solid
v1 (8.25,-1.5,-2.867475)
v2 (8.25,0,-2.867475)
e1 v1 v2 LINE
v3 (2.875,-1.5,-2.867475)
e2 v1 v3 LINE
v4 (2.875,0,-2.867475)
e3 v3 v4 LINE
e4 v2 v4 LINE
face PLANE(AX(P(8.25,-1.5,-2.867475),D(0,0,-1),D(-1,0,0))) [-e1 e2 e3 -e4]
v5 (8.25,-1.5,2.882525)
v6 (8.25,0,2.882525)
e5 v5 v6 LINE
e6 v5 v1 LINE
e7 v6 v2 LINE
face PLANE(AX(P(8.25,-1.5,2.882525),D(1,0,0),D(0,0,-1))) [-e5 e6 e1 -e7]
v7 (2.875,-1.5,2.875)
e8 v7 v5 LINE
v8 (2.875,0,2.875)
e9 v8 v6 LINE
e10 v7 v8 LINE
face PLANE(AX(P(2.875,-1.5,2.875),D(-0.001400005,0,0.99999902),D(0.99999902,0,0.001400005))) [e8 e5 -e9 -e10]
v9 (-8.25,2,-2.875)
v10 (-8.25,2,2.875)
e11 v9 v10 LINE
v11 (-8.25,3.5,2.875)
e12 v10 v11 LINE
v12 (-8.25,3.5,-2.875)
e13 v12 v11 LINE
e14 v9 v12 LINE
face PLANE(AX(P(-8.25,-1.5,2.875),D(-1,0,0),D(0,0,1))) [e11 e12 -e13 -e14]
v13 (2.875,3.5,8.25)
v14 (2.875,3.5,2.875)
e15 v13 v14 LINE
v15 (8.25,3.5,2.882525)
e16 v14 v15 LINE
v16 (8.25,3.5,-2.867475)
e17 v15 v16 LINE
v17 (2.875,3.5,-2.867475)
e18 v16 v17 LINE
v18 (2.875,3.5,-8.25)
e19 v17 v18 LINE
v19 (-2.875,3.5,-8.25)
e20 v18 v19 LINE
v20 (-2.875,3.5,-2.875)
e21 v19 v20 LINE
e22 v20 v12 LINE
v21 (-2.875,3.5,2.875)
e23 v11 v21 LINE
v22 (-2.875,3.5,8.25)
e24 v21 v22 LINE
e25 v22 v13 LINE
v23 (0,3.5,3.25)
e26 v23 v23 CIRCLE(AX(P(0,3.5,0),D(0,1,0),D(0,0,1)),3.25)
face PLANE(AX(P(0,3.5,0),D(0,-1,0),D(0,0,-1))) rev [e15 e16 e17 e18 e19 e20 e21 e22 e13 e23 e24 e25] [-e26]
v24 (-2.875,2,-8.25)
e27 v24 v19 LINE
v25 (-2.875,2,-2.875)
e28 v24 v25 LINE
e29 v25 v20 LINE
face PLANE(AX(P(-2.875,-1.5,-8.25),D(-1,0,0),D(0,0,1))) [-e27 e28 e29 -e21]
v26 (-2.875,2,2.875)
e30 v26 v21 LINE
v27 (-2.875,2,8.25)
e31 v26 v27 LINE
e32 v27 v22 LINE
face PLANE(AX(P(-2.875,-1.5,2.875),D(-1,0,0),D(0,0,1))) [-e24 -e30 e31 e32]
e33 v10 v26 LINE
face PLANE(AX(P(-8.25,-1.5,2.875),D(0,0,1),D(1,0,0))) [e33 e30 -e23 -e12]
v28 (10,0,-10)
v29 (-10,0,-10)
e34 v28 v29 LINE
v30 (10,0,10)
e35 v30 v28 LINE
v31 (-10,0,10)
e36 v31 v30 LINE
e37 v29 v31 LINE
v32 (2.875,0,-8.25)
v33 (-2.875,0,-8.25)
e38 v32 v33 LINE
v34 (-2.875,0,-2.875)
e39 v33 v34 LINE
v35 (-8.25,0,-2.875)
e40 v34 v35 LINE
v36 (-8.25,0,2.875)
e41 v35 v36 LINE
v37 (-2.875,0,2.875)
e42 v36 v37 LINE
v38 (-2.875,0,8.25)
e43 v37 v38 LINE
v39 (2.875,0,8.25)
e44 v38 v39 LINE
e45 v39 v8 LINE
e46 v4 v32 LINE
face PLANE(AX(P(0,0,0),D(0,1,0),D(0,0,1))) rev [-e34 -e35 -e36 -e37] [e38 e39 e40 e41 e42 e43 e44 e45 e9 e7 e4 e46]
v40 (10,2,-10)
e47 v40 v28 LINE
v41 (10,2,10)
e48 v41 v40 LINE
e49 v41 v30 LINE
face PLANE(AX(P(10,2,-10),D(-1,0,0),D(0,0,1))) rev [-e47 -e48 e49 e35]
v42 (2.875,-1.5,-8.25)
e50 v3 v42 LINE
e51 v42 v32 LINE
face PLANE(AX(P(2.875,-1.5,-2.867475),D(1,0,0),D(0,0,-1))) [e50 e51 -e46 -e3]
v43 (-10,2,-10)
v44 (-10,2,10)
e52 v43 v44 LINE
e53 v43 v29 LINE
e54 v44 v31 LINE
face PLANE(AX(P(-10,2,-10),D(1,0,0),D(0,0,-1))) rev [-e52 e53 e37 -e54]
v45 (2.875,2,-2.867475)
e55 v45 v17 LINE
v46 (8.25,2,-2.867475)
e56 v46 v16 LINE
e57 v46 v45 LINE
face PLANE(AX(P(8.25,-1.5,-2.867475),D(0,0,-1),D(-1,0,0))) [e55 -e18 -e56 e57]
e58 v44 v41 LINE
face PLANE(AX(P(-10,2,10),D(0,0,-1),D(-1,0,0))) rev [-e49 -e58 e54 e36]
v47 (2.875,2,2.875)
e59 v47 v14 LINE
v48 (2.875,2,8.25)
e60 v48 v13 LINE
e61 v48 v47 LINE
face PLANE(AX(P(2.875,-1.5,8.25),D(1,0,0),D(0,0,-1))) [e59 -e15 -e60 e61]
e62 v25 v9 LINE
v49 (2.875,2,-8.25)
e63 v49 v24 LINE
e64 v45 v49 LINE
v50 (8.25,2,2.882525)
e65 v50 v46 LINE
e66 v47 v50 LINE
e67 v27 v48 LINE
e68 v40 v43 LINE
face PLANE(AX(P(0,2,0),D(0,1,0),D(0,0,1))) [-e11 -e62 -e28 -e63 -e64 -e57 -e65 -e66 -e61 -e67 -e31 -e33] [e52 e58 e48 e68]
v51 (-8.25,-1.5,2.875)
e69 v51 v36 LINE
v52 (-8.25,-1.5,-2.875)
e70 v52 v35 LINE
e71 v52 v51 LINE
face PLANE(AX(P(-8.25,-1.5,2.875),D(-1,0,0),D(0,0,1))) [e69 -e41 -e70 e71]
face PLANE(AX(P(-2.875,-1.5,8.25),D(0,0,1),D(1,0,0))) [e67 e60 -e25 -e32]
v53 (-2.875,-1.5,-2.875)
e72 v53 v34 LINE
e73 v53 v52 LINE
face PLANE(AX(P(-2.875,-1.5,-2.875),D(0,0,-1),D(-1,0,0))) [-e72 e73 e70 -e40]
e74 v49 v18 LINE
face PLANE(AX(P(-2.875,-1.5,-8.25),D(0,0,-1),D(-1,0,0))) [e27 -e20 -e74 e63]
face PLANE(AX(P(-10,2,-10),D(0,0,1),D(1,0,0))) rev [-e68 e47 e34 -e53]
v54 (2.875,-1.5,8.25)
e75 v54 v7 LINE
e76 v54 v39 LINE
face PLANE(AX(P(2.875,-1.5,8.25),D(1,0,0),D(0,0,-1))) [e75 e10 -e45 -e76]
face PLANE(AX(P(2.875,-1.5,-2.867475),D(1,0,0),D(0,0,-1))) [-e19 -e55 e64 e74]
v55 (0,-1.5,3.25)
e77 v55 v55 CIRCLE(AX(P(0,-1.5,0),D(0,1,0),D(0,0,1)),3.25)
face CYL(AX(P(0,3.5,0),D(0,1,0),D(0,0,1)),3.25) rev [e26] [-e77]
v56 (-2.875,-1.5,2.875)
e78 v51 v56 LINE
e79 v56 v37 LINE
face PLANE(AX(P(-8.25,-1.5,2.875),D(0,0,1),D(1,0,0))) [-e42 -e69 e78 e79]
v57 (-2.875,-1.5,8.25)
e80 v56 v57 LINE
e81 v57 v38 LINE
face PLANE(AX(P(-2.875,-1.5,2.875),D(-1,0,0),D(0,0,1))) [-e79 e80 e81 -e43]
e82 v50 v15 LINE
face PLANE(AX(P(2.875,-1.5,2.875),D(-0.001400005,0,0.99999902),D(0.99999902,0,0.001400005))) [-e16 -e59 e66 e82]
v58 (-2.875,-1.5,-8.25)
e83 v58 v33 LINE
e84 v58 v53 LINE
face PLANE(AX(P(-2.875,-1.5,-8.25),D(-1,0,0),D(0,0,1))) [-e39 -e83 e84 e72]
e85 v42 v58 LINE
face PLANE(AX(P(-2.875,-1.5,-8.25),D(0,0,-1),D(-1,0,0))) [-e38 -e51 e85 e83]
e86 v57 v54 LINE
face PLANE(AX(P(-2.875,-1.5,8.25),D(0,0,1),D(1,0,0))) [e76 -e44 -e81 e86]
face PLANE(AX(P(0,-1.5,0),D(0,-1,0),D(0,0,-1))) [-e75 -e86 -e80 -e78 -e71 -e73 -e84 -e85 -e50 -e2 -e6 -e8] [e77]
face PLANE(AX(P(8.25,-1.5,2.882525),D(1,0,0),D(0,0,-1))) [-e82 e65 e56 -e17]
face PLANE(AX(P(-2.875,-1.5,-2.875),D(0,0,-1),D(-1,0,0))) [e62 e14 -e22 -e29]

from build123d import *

# Parameters (mm, degrees)
SKETCH1_W                      = 20
SKETCH1_H                      = 20
BOSS_EXTRUDE1_DEPTH            = 2
BOSS_EXTRUDE3_DEPTH            = 1.5
BOSS_EXTRUDE3_DEPTH_BACK       = 3.5
TAP_DRILL_FOR_M2_2_HELICOIL1_D = 6.5


with BuildPart() as part:
    # Sketch1 → Boss-Extrude1 (new body)
    with BuildSketch(Plane(origin=(0, 0, 0), x_dir=(1, 0, 0), z_dir=(0, 1, 0))):
        Rectangle(SKETCH1_W, SKETCH1_H)
    extrude(amount=BOSS_EXTRUDE1_DEPTH)

    # Sketch3 → Boss-Extrude3 (add, two sides: drawn at the far end of the back side and taken through both)
    with BuildSketch(Plane(origin=(0, 2, 0), x_dir=(1, 0, 0), z_dir=(0, 1, 0)).offset(-BOSS_EXTRUDE3_DEPTH_BACK)):
        Polygon((-2.875, 8.25), (2.875, 8.25), (2.875, 2.867474963), (8.25, 2.867474963), (8.25, -2.882525037), (2.875, -2.875), (2.875, -8.25), (-2.875, -8.25), (-2.875, -2.875), (-8.25, -2.875), (-8.25, 2.875), (-2.875, 2.875), align=None)
    extrude(amount=BOSS_EXTRUDE3_DEPTH + BOSS_EXTRUDE3_DEPTH_BACK)

    # Tap Drill for M2.2 Helicoil1 (through all)
    with Locations(Plane.ZX.offset(3.5)):
        with Locations((0, 0)):
            Hole(TAP_DRILL_FOR_M2_2_HELICOIL1_D / 2)


solid = part.part
